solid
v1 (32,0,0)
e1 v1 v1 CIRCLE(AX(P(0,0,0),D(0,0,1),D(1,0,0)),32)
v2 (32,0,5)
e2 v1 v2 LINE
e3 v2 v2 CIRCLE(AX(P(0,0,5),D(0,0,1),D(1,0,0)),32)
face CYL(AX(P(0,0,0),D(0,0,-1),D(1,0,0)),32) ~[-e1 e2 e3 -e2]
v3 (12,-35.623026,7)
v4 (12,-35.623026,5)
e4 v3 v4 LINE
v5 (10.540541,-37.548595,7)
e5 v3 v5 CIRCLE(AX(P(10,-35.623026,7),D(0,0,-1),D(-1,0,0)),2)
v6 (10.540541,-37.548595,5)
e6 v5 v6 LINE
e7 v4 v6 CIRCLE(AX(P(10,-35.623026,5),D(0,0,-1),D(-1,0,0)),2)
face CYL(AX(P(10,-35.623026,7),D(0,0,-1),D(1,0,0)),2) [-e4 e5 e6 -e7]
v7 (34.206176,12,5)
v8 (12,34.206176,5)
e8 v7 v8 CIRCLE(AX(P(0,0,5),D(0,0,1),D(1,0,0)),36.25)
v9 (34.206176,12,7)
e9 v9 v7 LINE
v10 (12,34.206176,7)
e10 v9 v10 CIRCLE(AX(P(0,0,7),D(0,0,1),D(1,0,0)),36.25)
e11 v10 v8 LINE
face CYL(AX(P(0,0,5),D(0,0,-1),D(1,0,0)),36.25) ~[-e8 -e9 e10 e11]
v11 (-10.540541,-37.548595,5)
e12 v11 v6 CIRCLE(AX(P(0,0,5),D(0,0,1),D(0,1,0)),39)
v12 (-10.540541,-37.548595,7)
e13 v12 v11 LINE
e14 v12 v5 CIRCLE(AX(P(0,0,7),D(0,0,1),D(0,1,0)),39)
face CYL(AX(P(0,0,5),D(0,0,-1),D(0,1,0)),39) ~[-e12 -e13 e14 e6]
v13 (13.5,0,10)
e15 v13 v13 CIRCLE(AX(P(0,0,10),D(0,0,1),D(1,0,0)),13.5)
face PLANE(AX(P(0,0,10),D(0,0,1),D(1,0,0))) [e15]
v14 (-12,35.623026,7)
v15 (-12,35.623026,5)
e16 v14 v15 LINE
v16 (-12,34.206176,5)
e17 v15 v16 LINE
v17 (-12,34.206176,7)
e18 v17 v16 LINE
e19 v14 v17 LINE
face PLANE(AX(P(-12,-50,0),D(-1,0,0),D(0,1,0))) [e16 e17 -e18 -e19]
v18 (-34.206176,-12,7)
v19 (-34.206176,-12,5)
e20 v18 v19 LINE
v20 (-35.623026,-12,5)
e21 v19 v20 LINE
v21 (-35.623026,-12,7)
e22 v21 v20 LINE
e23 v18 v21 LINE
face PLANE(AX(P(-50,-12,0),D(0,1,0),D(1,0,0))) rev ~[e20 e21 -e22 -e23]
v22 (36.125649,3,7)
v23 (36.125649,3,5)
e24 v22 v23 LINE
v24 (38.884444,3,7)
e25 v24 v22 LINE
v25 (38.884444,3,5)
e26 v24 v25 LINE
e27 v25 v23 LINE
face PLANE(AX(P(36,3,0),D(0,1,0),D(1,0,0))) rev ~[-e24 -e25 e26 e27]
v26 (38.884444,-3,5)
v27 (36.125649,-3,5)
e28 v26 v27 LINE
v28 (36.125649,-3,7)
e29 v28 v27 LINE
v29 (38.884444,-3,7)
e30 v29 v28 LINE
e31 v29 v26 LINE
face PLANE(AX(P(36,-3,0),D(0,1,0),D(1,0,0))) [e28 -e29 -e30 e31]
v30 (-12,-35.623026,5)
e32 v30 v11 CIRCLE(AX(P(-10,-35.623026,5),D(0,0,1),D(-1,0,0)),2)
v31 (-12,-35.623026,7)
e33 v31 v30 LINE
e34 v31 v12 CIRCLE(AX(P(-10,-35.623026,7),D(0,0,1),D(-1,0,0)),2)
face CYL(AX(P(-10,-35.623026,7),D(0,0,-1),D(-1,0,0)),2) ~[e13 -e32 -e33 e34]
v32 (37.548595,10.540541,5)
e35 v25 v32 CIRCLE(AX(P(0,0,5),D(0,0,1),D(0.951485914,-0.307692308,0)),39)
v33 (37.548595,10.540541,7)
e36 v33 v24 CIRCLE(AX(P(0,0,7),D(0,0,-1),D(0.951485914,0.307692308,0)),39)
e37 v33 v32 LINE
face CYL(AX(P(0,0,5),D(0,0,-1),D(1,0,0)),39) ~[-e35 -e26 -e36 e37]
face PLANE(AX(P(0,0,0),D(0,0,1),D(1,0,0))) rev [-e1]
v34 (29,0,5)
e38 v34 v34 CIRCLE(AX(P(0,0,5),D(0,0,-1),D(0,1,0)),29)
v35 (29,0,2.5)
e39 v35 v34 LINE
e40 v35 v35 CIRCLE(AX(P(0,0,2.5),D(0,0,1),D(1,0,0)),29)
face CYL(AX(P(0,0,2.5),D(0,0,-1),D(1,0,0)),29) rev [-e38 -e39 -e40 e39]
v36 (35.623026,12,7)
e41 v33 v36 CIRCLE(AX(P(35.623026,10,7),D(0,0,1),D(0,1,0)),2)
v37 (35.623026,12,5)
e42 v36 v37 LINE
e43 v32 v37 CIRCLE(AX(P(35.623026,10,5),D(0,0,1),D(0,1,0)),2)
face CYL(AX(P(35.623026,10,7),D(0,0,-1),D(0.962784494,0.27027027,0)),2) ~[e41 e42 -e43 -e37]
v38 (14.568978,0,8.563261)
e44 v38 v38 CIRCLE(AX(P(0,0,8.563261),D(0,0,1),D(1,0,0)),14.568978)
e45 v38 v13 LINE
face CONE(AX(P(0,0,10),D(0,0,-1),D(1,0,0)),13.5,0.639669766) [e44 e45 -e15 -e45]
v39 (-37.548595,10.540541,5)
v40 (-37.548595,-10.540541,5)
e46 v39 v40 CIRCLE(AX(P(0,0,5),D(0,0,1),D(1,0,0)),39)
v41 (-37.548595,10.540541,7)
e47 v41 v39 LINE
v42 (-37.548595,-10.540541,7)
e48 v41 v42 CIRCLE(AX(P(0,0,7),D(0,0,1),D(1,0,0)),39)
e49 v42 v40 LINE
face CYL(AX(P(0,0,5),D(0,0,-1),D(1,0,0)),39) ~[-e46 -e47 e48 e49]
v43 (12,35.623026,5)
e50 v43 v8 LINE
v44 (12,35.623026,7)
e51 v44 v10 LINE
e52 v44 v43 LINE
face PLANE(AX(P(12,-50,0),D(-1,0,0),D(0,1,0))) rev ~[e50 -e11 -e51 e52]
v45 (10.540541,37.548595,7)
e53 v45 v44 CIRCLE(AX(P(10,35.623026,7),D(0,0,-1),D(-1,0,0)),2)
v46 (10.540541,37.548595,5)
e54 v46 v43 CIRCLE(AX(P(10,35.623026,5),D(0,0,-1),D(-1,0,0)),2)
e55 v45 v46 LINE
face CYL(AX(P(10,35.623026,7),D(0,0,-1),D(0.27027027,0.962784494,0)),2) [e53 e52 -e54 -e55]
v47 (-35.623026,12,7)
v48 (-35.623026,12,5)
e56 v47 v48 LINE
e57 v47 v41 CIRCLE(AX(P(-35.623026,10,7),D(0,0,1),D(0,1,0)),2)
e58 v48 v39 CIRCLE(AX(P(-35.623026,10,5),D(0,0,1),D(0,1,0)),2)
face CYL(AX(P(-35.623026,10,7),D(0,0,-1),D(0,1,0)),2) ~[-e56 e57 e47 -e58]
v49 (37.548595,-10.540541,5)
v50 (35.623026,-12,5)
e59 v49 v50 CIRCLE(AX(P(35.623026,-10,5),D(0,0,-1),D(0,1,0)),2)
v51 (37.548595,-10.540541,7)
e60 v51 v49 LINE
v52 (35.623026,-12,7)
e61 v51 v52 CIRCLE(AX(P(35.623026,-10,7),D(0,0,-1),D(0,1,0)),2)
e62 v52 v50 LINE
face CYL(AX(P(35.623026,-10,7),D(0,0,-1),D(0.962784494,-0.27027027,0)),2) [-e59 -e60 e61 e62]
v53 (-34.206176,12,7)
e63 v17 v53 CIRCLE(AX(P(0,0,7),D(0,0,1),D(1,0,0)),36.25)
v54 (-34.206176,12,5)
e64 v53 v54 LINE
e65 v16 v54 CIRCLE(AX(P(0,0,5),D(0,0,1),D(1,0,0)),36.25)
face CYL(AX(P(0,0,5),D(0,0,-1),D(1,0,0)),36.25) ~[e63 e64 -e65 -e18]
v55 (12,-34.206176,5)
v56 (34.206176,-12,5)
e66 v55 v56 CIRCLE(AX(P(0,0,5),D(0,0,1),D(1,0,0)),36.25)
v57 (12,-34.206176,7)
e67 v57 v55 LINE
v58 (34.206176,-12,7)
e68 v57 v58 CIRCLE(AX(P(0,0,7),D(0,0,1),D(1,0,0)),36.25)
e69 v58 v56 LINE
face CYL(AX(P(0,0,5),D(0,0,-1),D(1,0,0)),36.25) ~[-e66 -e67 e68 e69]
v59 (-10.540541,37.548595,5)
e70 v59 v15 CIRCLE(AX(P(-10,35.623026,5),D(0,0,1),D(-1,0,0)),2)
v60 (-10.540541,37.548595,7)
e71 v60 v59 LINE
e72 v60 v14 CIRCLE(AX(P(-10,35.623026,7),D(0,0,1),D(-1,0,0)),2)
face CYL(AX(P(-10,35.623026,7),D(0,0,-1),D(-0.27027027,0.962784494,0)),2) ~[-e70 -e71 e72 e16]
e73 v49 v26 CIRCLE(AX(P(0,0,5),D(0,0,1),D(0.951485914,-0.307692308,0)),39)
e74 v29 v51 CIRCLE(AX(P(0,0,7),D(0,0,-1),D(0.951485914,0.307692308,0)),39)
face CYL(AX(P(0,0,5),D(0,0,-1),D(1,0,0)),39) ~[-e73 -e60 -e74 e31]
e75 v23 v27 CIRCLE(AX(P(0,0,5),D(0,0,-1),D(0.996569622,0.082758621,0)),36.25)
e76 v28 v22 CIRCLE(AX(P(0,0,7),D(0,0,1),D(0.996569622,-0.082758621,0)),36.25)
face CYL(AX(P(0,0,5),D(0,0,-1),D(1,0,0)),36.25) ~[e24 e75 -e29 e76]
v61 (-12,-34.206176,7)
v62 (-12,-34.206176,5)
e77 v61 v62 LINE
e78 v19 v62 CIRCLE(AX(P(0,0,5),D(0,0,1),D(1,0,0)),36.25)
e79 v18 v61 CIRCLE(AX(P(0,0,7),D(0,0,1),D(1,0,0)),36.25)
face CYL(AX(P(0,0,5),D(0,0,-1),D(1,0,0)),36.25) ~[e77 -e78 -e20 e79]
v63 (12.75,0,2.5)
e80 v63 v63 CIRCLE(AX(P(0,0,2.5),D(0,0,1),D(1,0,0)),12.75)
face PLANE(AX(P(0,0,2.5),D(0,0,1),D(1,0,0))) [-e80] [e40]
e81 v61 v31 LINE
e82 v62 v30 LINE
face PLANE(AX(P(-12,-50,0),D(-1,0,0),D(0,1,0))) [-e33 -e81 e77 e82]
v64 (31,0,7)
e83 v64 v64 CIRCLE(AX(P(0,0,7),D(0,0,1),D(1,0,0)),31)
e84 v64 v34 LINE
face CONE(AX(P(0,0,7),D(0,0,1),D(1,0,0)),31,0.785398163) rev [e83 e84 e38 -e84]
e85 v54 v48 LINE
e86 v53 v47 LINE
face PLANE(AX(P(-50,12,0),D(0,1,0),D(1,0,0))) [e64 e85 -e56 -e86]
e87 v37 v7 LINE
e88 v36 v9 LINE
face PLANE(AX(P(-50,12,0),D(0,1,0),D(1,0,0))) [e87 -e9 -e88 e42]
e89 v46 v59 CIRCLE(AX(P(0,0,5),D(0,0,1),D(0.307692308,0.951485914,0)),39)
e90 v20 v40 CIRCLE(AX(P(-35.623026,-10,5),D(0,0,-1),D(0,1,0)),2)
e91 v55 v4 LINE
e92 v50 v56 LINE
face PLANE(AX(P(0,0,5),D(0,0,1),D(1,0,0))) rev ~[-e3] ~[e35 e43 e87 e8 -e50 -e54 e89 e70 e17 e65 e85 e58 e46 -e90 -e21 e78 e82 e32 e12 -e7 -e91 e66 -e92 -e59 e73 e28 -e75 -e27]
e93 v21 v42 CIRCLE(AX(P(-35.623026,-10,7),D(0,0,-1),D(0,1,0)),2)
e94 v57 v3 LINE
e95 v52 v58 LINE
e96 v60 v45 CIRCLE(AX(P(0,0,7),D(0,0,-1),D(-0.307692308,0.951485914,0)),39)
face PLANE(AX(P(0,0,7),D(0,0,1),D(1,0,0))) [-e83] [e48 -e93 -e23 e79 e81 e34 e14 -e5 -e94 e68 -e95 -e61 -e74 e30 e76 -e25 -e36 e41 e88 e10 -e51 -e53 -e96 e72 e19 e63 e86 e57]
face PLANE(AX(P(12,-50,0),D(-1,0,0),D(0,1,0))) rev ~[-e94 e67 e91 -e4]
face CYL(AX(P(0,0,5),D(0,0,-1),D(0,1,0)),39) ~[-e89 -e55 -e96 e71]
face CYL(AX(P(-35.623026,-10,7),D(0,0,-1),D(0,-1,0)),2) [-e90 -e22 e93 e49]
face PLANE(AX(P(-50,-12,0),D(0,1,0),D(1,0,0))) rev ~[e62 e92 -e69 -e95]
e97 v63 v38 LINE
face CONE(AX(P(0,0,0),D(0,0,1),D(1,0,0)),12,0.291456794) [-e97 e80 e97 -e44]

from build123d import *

# Parameters (mm, degrees)
CHAMFER001_SIZE           = 1.5
CYLINDER006_R             = 31
CYLINDER006_DEPTH         = 7
CHAMFER_SIZE              = 3
CYLINDER005_R             = 29
CYLINDER005_DEPTH         = 7
BOX004_W                  = 10
BOX004_H                  = 6
BOX004_DEPTH              = 10
BOX001_W                  = 100
BOX001_H                  = 40
BOX001_DEPTH              = 10
BOX_W                     = 100
BOX_H                     = 40
BOX_DEPTH                 = 10
CYLINDER003_R             = 39
CYLINDER003_DEPTH         = 2
FILLET_R                  = 2
FILLET001_R               = 2
BOX002_W                  = 100
BOX002_H                  = 40
BOX002_DEPTH              = 10
BOX003_W                  = 100
BOX003_H                  = 40
BOX003_DEPTH              = 10
CYLINDER004_R             = 39
CYLINDER004_DEPTH         = 2
FILLET003_R               = 2
FILLET002_R               = 2
FILLET002_PLACEMENT_ANGLE = 90
CYLINDER_R                = 32
CYLINDER_DEPTH            = 7
CYLINDER001_R             = 36.25
CYLINDER001_DEPTH         = 2


with BuildPart() as handle:
    # Cone → Cone (revolve)
    with BuildSketch(Plane.XZ):
        Polygon((0, 0), (12, 0), (15, 10), (0, 10), align=None)
    revolve(axis=Axis((0, 0, 0), (0, 0, 1)))

    # Chamfer001
    chamfer001_edges = [handle.edges().sort_by_distance(p)[0] for p in [
        (-15, 0, 10),
    ]]
    chamfer(chamfer001_edges, length=CHAMFER001_SIZE)


with BuildPart() as chamfer_body:
    # Cylinder006 → Cylinder006 (new body)
    with BuildSketch(Plane.XY.offset(4)):
        Circle(CYLINDER006_R)
    extrude(amount=CYLINDER006_DEPTH)

    # Chamfer
    chamfer_edges = [chamfer_body.edges().sort_by_distance(p)[0] for p in [
        (-31, 0, 4),
    ]]
    chamfer(chamfer_edges, length=CHAMFER_SIZE)


with BuildPart() as cylinder005:
    # Cylinder005 → Cylinder005 (new body)
    with BuildSketch(Plane.XY.offset(2.5)):
        Circle(CYLINDER005_R)
    extrude(amount=CYLINDER005_DEPTH)


with BuildPart() as cube004:
    # Box004 → Box004 (new body)
    with BuildSketch(Plane(origin=(36, -3, 0), x_dir=(1, 0, 0), z_dir=(0, 0, 1))):
        with Locations((5, 3)):
            Rectangle(BOX004_W, BOX004_H)
    extrude(amount=BOX004_DEPTH)


with BuildPart() as cube001:
    # Box001 → Box001 (new body)
    with BuildSketch(Plane(origin=(-50, -52, 0), x_dir=(1, 0, 0), z_dir=(0, 0, 1))):
        with Locations((50, 20)):
            Rectangle(BOX001_W, BOX001_H)
    extrude(amount=BOX001_DEPTH)


with BuildPart() as fusion:
    # Box → Box (new body)
    with BuildSketch(Plane(origin=(-50, 12, 0), x_dir=(1, 0, 0), z_dir=(0, 0, 1))):
        with Locations((50, 20)):
            Rectangle(BOX_W, BOX_H)
    extrude(amount=BOX_DEPTH)

    # Fusion: union Cube001
    add(cube001.part)


with BuildPart() as cut002:
    # Cylinder003 → Cylinder003 (new body)
    with BuildSketch(Plane.XY.offset(5)):
        Circle(CYLINDER003_R)
    extrude(amount=CYLINDER003_DEPTH)

    # Cut: cut Fusion
    add(fusion.part, mode=Mode.SUBTRACT)

    # Fillet
    fillet_edges = [cut002.edges().sort_by_distance(p)[0] for p in [
        (37.107951, -12, 6),
        (37.107951, 12, 6),
    ]]
    fillet(fillet_edges, radius=FILLET_R)

    # Fillet001
    fillet001_edges = [cut002.edges().sort_by_distance(p)[0] for p in [
        (-37.107951, -12, 6),
        (-37.107951, 12, 6),
    ]]
    fillet(fillet001_edges, radius=FILLET001_R)

    # Cut002: cut Cube004
    add(cube004.part, mode=Mode.SUBTRACT)


with BuildPart() as cube002:
    # Box002 → Box002 (new body)
    with BuildSketch(Plane(origin=(-50, -52, 0), x_dir=(1, 0, 0), z_dir=(0, 0, 1))):
        with Locations((50, 20)):
            Rectangle(BOX002_W, BOX002_H)
    extrude(amount=BOX002_DEPTH)


with BuildPart() as fusion001:
    # Box003 → Box003 (new body)
    with BuildSketch(Plane(origin=(-50, 12, 0), x_dir=(1, 0, 0), z_dir=(0, 0, 1))):
        with Locations((50, 20)):
            Rectangle(BOX003_W, BOX003_H)
    extrude(amount=BOX003_DEPTH)

    # Fusion001: union Cube002
    add(cube002.part)


with BuildPart() as bayonet:
    # Cylinder004 → Cylinder004 (new body)
    with BuildSketch(Plane.XY.offset(5)):
        Circle(CYLINDER004_R)
    extrude(amount=CYLINDER004_DEPTH)

    # Cut001: cut Fusion001
    add(fusion001.part, mode=Mode.SUBTRACT)

    # Fillet003
    fillet003_edges = [bayonet.edges().sort_by_distance(p)[0] for p in [
        (37.107951, -12, 6),
        (37.107951, 12, 6),
    ]]
    fillet(fillet003_edges, radius=FILLET003_R)

    # Fillet002
    fillet002_edges = [bayonet.edges().sort_by_distance(p)[0] for p in [
        (-37.107951, -12, 6),
        (-37.107951, 12, 6),
    ]]
    fillet(fillet002_edges, radius=FILLET002_R)


with BuildPart() as bayonet_1:
    # Fillet002 placement: moved
    add(bayonet.part.rotate(Axis((0, 0, 0), (0, 0, 1)), FILLET002_PLACEMENT_ANGLE))

    # Fusion002: union Cut002
    add(cut002.part)


with BuildPart() as fusion003:
    # Cylinder → Cylinder (new body)
    with BuildSketch(Plane.XY):
        Circle(CYLINDER_R)
    extrude(amount=CYLINDER_DEPTH)

    # Fusion003: union Bayonet
    add(bayonet_1.part)


with BuildPart() as oct19_body_port_cover:
    # Cylinder001 → Cylinder001 (new body)
    with BuildSketch(Plane.XY.offset(5)):
        Circle(CYLINDER001_R)
    extrude(amount=CYLINDER001_DEPTH)

    # Fusion004: union Fusion003
    add(fusion003.part)

    # Cut003: cut Cylinder005
    add(cylinder005.part, mode=Mode.SUBTRACT)

    # Cut004: cut Chamfer body
    add(chamfer_body.part, mode=Mode.SUBTRACT)

    # Fusion005: union Handle
    add(handle.part)


solid = oct19_body_port_cover.part
